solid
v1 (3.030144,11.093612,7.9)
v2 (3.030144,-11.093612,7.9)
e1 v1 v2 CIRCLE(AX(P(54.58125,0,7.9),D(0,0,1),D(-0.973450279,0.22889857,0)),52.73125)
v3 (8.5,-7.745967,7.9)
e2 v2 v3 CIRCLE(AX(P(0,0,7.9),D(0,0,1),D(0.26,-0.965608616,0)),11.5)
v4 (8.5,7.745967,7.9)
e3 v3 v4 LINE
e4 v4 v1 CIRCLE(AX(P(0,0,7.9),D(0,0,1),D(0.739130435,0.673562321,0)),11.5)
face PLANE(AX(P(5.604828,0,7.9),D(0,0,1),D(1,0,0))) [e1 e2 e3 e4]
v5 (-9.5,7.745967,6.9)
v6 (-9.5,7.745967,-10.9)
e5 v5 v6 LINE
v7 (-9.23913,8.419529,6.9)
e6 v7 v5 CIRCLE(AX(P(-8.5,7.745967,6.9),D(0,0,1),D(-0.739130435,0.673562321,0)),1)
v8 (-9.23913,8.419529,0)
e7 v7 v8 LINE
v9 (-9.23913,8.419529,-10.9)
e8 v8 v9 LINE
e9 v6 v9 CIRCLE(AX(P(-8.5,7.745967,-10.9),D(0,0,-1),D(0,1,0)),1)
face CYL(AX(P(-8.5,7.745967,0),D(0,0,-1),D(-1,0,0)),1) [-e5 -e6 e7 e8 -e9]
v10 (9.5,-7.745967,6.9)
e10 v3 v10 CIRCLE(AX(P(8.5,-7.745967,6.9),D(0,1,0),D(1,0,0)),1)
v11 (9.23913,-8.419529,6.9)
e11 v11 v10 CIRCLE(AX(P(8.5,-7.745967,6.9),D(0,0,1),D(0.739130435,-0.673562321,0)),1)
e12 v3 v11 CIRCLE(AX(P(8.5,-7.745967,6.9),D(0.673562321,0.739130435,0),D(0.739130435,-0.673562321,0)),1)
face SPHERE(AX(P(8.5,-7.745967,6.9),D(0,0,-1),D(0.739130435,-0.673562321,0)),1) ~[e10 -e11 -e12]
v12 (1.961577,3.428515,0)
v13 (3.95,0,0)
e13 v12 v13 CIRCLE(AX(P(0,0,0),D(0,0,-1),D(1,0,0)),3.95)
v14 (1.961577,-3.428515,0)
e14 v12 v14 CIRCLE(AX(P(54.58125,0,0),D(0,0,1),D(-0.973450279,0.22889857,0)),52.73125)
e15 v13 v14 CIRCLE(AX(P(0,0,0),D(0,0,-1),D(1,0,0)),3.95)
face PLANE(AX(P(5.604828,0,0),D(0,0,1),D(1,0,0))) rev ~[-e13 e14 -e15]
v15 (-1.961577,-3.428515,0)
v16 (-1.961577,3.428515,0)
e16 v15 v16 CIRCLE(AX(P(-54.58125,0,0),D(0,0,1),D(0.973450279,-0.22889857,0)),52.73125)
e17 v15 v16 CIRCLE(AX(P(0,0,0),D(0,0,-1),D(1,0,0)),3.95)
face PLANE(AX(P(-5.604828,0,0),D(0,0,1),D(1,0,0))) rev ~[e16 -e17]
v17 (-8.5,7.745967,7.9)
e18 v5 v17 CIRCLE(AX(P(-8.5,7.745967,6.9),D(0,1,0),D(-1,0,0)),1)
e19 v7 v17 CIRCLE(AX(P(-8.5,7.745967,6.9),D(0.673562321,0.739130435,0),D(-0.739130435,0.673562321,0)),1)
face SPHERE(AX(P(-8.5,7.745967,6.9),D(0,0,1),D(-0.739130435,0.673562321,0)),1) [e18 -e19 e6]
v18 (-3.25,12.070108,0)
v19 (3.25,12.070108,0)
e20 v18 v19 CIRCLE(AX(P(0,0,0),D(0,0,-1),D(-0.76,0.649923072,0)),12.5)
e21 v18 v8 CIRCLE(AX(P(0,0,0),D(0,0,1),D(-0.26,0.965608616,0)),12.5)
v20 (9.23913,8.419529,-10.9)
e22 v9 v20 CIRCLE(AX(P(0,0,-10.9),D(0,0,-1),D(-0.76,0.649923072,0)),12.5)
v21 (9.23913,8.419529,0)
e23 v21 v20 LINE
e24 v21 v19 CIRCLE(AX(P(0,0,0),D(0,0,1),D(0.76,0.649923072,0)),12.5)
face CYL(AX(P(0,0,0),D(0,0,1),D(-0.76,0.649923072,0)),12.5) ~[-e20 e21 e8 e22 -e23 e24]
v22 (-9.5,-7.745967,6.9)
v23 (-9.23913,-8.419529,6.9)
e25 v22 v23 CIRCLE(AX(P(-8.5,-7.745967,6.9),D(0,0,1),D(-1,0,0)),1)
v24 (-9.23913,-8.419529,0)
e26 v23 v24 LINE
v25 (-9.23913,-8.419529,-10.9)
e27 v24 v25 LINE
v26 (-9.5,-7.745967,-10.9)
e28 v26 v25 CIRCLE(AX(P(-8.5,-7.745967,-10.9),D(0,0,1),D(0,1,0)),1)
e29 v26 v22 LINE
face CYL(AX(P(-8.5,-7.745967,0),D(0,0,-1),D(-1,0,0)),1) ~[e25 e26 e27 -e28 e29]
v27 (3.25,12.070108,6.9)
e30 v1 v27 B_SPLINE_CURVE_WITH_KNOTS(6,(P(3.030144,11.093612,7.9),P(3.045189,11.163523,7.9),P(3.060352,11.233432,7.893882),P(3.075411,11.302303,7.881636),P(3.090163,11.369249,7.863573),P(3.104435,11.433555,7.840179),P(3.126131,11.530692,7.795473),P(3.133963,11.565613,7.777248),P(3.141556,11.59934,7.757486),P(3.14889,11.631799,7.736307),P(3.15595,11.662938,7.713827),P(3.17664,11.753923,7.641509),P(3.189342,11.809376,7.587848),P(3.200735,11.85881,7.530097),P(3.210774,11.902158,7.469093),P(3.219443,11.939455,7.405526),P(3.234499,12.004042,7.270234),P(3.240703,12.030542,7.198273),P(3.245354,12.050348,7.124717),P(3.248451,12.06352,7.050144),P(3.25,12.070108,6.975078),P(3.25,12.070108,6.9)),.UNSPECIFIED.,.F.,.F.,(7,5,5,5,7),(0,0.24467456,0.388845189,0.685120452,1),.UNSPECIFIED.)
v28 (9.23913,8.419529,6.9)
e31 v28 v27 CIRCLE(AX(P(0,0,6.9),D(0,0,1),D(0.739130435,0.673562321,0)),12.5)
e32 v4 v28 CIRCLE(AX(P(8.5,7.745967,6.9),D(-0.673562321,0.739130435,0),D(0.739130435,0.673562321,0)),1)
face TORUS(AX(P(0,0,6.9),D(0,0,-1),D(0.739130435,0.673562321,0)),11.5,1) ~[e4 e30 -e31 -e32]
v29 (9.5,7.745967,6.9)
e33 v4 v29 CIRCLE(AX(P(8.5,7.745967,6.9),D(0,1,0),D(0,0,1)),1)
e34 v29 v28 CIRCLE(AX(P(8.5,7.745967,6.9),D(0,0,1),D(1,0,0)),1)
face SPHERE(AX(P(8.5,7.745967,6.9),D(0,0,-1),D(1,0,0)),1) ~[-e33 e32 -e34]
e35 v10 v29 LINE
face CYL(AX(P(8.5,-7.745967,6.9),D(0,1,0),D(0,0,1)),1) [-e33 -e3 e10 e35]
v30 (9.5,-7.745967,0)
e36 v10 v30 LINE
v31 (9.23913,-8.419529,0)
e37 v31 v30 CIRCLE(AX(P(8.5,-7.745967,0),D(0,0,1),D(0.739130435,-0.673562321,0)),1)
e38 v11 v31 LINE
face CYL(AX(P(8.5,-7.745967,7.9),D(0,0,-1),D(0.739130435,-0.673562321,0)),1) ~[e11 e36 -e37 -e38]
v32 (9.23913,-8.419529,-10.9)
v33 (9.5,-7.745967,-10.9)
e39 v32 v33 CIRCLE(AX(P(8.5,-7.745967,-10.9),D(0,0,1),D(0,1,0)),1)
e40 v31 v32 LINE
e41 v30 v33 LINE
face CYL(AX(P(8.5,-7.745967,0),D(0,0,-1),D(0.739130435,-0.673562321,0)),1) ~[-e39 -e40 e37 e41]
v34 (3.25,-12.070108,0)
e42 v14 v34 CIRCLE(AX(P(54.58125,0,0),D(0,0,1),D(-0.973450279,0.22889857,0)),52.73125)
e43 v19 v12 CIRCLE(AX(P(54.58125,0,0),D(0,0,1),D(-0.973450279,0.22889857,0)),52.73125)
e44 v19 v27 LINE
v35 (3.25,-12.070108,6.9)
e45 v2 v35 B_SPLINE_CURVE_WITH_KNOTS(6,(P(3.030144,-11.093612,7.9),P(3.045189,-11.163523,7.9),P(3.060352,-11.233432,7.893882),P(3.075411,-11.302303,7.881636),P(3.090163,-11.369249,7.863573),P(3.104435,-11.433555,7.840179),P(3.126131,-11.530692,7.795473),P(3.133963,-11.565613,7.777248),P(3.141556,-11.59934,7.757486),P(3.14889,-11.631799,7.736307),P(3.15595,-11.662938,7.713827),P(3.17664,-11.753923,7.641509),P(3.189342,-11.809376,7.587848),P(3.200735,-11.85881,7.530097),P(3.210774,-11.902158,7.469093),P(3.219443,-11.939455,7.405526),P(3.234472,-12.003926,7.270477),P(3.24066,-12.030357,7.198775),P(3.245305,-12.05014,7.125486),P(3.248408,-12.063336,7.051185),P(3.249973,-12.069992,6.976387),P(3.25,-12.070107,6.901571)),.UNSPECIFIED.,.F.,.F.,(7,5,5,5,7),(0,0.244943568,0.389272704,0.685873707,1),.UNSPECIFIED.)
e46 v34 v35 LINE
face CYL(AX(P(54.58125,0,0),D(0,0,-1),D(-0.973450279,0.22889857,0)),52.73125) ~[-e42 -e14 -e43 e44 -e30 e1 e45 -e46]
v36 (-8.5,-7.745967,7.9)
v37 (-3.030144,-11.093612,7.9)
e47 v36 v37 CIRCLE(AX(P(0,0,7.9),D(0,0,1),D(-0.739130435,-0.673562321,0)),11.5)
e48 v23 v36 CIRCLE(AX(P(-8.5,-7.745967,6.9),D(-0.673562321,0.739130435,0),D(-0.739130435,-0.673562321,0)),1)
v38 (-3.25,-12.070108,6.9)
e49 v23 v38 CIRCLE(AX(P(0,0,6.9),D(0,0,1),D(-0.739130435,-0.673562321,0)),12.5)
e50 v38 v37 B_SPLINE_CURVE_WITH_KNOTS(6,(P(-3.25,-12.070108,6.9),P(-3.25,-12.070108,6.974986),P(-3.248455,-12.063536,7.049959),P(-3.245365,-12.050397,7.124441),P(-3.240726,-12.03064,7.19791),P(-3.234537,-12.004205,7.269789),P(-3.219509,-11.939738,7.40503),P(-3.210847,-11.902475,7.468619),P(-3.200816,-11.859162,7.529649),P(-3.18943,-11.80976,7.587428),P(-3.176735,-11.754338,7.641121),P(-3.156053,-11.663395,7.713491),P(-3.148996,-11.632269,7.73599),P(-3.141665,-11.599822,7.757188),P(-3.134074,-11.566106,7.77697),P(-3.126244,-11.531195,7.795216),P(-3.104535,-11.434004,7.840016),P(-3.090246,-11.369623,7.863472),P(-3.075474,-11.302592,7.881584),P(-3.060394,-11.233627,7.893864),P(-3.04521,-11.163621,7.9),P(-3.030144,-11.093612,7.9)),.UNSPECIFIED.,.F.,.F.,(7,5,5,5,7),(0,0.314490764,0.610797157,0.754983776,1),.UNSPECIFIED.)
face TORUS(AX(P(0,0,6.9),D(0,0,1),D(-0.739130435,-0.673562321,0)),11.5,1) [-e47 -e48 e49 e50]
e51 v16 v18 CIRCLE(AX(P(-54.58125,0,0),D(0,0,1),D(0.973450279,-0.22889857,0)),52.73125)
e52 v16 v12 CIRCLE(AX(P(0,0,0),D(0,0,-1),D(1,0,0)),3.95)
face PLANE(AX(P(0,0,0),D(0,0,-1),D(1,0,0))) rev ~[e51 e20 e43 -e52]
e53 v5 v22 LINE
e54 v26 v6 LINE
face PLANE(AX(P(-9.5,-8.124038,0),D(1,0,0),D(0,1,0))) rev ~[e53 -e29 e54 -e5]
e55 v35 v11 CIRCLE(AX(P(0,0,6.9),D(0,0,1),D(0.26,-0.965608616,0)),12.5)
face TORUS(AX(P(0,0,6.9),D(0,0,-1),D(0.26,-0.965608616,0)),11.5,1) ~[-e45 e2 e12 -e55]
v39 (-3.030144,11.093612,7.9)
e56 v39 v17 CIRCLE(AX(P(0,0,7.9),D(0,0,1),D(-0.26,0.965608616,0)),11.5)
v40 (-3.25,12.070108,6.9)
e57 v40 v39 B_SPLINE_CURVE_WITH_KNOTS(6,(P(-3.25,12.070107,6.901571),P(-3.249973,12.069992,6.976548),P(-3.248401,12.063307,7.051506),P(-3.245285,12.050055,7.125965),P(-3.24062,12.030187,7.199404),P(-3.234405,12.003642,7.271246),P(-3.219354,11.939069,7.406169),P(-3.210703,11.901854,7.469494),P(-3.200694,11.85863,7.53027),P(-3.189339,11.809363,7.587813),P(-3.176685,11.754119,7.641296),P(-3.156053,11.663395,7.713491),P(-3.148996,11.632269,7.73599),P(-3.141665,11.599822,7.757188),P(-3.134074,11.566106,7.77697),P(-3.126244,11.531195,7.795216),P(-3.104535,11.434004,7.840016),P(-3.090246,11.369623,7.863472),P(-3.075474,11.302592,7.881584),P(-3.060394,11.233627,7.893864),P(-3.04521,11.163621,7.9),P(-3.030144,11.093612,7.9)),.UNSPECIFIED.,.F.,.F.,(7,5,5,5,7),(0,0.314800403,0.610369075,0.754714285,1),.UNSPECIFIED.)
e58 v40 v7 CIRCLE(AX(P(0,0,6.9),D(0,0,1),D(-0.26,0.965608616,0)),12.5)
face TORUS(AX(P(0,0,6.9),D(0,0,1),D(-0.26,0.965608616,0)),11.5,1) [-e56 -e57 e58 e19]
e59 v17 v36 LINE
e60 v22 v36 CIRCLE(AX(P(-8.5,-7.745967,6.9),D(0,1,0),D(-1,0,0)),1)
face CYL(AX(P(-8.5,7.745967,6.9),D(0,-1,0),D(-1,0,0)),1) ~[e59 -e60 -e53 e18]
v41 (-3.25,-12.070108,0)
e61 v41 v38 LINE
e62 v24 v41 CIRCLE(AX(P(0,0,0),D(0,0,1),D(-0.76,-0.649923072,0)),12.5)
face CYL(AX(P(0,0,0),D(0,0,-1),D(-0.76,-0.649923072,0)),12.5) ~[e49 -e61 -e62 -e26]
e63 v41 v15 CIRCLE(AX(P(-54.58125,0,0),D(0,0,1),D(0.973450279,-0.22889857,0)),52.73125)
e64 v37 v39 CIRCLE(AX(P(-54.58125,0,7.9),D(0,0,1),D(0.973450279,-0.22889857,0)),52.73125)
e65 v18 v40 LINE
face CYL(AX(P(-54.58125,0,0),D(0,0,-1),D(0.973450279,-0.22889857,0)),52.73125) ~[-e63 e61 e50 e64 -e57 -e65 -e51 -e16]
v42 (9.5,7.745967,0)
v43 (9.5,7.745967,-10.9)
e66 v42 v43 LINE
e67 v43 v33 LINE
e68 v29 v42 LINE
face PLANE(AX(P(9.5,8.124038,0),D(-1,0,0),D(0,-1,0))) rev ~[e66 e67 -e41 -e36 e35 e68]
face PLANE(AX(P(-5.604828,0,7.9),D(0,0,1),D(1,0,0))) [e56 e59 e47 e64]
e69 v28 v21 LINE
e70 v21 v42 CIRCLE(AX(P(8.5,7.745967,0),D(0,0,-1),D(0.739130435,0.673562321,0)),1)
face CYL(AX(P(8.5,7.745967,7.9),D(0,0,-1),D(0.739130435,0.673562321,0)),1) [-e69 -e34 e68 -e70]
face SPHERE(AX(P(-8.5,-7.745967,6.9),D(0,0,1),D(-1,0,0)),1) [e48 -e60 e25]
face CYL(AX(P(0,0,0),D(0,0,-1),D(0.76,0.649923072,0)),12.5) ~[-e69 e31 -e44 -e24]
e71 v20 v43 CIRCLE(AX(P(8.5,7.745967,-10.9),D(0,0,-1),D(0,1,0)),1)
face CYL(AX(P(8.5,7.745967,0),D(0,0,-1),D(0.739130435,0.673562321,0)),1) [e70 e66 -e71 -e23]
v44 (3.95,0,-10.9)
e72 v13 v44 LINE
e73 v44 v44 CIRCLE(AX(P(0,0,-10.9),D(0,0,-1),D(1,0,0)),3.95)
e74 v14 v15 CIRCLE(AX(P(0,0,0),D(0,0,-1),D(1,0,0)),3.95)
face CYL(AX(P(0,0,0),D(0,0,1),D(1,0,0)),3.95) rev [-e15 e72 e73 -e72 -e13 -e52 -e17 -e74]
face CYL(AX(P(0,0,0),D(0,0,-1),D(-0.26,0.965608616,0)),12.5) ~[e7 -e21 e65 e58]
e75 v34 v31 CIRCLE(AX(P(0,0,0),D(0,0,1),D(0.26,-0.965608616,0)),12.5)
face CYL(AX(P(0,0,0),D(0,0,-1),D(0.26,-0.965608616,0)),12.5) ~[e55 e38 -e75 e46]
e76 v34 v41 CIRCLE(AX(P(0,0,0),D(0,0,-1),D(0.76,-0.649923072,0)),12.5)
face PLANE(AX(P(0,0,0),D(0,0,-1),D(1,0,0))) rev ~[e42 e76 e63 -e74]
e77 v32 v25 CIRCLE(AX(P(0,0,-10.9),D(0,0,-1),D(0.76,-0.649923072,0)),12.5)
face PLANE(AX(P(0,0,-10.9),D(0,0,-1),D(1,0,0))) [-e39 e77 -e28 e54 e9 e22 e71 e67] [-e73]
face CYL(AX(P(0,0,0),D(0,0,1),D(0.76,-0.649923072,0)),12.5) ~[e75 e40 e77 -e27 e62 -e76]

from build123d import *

# Parameters (mm, degrees)
F1_DEPTH = 7.9
F2_R     = 3.95
F3_DEPTH = 10.9
F4_R     = 1
F5_R     = 1


with BuildPart() as f1:
    # F0 (on Top) → F1 (new body)
    with BuildSketch(Plane.XY):
        with BuildLine():
            Line((9.5, -8.1240384046), (9.5, 8.1240384046))
            ThreePointArc((9.5, 8.1240384046), (6.6733417963, 10.5696030801), (3.25, 12.0701077046))
            ThreePointArc((3.25, 12.0701077046), (1.85, 0), (3.25, -12.0701077046))
            ThreePointArc((3.25, -12.0701077046), (6.6733417963, -10.5696030801), (9.5, -8.1240384046))
        make_face()
    extrude(amount=F1_DEPTH)



with BuildPart() as f1b:
    # F0 (on Top) → F1, piece 2 (new body)
    with BuildSketch(Plane.XY):
        with BuildLine():
            ThreePointArc((-3.25, 12.0701077046), (-6.6733417963, 10.5696030801), (-9.5, 8.1240384046))
            Line((-9.5, 8.1240384046), (-9.5, -8.1240384046))
            ThreePointArc((-9.5, -8.1240384046), (-6.6733417963, -10.5696030801), (-3.25, -12.0701077046))
            ThreePointArc((-3.25, -12.0701077046), (-1.85, 0), (-3.25, 12.0701077046))
        make_face()
    extrude(amount=F1_DEPTH)


with BuildPart() as f1_1:
    add(f1.part)

    add(f1b.part)  # F3 merges F1b
    # F2 (on face) → F3 (join)
    with BuildSketch(Plane(origin=(0, 0, 0), x_dir=(1, 0, 0), z_dir=(0, 0, -1))):
        with BuildLine():
            Line((-9.5, 8.1240384046), (-9.5, -8.1240384046))
            ThreePointArc((-9.5, -8.1240384046), (0, -12.5), (9.5, -8.1240384046))
            Line((9.5, -8.1240384046), (9.5, 8.1240384046))
            ThreePointArc((9.5, 8.1240384046), (0, 12.5), (-9.5, 8.1240384046))
        make_face()
        Circle(F2_R, mode=Mode.SUBTRACT)
    extrude(amount=F3_DEPTH)

    # F4
    f4_edges = [f1_1.edges().sort_by_distance(p)[0] for p in [
        (-9.5, -8.124038, -1.5),
        (9.5, -8.124038, -1.5),
        (9.5, 8.124038, -1.5),
        (-9.5, 8.124038, -1.5),
    ]]
    fillet(f4_edges, radius=F4_R)

    # F5
    f5_edges = [f1_1.edges().sort_by_distance(p)[0] for p in [
        (-9.5, 0, 7.9),
        (6.505865, -10.673506, 7.9),
    ]]
    fillet(f5_edges, radius=F5_R)


solid = f1_1.part
